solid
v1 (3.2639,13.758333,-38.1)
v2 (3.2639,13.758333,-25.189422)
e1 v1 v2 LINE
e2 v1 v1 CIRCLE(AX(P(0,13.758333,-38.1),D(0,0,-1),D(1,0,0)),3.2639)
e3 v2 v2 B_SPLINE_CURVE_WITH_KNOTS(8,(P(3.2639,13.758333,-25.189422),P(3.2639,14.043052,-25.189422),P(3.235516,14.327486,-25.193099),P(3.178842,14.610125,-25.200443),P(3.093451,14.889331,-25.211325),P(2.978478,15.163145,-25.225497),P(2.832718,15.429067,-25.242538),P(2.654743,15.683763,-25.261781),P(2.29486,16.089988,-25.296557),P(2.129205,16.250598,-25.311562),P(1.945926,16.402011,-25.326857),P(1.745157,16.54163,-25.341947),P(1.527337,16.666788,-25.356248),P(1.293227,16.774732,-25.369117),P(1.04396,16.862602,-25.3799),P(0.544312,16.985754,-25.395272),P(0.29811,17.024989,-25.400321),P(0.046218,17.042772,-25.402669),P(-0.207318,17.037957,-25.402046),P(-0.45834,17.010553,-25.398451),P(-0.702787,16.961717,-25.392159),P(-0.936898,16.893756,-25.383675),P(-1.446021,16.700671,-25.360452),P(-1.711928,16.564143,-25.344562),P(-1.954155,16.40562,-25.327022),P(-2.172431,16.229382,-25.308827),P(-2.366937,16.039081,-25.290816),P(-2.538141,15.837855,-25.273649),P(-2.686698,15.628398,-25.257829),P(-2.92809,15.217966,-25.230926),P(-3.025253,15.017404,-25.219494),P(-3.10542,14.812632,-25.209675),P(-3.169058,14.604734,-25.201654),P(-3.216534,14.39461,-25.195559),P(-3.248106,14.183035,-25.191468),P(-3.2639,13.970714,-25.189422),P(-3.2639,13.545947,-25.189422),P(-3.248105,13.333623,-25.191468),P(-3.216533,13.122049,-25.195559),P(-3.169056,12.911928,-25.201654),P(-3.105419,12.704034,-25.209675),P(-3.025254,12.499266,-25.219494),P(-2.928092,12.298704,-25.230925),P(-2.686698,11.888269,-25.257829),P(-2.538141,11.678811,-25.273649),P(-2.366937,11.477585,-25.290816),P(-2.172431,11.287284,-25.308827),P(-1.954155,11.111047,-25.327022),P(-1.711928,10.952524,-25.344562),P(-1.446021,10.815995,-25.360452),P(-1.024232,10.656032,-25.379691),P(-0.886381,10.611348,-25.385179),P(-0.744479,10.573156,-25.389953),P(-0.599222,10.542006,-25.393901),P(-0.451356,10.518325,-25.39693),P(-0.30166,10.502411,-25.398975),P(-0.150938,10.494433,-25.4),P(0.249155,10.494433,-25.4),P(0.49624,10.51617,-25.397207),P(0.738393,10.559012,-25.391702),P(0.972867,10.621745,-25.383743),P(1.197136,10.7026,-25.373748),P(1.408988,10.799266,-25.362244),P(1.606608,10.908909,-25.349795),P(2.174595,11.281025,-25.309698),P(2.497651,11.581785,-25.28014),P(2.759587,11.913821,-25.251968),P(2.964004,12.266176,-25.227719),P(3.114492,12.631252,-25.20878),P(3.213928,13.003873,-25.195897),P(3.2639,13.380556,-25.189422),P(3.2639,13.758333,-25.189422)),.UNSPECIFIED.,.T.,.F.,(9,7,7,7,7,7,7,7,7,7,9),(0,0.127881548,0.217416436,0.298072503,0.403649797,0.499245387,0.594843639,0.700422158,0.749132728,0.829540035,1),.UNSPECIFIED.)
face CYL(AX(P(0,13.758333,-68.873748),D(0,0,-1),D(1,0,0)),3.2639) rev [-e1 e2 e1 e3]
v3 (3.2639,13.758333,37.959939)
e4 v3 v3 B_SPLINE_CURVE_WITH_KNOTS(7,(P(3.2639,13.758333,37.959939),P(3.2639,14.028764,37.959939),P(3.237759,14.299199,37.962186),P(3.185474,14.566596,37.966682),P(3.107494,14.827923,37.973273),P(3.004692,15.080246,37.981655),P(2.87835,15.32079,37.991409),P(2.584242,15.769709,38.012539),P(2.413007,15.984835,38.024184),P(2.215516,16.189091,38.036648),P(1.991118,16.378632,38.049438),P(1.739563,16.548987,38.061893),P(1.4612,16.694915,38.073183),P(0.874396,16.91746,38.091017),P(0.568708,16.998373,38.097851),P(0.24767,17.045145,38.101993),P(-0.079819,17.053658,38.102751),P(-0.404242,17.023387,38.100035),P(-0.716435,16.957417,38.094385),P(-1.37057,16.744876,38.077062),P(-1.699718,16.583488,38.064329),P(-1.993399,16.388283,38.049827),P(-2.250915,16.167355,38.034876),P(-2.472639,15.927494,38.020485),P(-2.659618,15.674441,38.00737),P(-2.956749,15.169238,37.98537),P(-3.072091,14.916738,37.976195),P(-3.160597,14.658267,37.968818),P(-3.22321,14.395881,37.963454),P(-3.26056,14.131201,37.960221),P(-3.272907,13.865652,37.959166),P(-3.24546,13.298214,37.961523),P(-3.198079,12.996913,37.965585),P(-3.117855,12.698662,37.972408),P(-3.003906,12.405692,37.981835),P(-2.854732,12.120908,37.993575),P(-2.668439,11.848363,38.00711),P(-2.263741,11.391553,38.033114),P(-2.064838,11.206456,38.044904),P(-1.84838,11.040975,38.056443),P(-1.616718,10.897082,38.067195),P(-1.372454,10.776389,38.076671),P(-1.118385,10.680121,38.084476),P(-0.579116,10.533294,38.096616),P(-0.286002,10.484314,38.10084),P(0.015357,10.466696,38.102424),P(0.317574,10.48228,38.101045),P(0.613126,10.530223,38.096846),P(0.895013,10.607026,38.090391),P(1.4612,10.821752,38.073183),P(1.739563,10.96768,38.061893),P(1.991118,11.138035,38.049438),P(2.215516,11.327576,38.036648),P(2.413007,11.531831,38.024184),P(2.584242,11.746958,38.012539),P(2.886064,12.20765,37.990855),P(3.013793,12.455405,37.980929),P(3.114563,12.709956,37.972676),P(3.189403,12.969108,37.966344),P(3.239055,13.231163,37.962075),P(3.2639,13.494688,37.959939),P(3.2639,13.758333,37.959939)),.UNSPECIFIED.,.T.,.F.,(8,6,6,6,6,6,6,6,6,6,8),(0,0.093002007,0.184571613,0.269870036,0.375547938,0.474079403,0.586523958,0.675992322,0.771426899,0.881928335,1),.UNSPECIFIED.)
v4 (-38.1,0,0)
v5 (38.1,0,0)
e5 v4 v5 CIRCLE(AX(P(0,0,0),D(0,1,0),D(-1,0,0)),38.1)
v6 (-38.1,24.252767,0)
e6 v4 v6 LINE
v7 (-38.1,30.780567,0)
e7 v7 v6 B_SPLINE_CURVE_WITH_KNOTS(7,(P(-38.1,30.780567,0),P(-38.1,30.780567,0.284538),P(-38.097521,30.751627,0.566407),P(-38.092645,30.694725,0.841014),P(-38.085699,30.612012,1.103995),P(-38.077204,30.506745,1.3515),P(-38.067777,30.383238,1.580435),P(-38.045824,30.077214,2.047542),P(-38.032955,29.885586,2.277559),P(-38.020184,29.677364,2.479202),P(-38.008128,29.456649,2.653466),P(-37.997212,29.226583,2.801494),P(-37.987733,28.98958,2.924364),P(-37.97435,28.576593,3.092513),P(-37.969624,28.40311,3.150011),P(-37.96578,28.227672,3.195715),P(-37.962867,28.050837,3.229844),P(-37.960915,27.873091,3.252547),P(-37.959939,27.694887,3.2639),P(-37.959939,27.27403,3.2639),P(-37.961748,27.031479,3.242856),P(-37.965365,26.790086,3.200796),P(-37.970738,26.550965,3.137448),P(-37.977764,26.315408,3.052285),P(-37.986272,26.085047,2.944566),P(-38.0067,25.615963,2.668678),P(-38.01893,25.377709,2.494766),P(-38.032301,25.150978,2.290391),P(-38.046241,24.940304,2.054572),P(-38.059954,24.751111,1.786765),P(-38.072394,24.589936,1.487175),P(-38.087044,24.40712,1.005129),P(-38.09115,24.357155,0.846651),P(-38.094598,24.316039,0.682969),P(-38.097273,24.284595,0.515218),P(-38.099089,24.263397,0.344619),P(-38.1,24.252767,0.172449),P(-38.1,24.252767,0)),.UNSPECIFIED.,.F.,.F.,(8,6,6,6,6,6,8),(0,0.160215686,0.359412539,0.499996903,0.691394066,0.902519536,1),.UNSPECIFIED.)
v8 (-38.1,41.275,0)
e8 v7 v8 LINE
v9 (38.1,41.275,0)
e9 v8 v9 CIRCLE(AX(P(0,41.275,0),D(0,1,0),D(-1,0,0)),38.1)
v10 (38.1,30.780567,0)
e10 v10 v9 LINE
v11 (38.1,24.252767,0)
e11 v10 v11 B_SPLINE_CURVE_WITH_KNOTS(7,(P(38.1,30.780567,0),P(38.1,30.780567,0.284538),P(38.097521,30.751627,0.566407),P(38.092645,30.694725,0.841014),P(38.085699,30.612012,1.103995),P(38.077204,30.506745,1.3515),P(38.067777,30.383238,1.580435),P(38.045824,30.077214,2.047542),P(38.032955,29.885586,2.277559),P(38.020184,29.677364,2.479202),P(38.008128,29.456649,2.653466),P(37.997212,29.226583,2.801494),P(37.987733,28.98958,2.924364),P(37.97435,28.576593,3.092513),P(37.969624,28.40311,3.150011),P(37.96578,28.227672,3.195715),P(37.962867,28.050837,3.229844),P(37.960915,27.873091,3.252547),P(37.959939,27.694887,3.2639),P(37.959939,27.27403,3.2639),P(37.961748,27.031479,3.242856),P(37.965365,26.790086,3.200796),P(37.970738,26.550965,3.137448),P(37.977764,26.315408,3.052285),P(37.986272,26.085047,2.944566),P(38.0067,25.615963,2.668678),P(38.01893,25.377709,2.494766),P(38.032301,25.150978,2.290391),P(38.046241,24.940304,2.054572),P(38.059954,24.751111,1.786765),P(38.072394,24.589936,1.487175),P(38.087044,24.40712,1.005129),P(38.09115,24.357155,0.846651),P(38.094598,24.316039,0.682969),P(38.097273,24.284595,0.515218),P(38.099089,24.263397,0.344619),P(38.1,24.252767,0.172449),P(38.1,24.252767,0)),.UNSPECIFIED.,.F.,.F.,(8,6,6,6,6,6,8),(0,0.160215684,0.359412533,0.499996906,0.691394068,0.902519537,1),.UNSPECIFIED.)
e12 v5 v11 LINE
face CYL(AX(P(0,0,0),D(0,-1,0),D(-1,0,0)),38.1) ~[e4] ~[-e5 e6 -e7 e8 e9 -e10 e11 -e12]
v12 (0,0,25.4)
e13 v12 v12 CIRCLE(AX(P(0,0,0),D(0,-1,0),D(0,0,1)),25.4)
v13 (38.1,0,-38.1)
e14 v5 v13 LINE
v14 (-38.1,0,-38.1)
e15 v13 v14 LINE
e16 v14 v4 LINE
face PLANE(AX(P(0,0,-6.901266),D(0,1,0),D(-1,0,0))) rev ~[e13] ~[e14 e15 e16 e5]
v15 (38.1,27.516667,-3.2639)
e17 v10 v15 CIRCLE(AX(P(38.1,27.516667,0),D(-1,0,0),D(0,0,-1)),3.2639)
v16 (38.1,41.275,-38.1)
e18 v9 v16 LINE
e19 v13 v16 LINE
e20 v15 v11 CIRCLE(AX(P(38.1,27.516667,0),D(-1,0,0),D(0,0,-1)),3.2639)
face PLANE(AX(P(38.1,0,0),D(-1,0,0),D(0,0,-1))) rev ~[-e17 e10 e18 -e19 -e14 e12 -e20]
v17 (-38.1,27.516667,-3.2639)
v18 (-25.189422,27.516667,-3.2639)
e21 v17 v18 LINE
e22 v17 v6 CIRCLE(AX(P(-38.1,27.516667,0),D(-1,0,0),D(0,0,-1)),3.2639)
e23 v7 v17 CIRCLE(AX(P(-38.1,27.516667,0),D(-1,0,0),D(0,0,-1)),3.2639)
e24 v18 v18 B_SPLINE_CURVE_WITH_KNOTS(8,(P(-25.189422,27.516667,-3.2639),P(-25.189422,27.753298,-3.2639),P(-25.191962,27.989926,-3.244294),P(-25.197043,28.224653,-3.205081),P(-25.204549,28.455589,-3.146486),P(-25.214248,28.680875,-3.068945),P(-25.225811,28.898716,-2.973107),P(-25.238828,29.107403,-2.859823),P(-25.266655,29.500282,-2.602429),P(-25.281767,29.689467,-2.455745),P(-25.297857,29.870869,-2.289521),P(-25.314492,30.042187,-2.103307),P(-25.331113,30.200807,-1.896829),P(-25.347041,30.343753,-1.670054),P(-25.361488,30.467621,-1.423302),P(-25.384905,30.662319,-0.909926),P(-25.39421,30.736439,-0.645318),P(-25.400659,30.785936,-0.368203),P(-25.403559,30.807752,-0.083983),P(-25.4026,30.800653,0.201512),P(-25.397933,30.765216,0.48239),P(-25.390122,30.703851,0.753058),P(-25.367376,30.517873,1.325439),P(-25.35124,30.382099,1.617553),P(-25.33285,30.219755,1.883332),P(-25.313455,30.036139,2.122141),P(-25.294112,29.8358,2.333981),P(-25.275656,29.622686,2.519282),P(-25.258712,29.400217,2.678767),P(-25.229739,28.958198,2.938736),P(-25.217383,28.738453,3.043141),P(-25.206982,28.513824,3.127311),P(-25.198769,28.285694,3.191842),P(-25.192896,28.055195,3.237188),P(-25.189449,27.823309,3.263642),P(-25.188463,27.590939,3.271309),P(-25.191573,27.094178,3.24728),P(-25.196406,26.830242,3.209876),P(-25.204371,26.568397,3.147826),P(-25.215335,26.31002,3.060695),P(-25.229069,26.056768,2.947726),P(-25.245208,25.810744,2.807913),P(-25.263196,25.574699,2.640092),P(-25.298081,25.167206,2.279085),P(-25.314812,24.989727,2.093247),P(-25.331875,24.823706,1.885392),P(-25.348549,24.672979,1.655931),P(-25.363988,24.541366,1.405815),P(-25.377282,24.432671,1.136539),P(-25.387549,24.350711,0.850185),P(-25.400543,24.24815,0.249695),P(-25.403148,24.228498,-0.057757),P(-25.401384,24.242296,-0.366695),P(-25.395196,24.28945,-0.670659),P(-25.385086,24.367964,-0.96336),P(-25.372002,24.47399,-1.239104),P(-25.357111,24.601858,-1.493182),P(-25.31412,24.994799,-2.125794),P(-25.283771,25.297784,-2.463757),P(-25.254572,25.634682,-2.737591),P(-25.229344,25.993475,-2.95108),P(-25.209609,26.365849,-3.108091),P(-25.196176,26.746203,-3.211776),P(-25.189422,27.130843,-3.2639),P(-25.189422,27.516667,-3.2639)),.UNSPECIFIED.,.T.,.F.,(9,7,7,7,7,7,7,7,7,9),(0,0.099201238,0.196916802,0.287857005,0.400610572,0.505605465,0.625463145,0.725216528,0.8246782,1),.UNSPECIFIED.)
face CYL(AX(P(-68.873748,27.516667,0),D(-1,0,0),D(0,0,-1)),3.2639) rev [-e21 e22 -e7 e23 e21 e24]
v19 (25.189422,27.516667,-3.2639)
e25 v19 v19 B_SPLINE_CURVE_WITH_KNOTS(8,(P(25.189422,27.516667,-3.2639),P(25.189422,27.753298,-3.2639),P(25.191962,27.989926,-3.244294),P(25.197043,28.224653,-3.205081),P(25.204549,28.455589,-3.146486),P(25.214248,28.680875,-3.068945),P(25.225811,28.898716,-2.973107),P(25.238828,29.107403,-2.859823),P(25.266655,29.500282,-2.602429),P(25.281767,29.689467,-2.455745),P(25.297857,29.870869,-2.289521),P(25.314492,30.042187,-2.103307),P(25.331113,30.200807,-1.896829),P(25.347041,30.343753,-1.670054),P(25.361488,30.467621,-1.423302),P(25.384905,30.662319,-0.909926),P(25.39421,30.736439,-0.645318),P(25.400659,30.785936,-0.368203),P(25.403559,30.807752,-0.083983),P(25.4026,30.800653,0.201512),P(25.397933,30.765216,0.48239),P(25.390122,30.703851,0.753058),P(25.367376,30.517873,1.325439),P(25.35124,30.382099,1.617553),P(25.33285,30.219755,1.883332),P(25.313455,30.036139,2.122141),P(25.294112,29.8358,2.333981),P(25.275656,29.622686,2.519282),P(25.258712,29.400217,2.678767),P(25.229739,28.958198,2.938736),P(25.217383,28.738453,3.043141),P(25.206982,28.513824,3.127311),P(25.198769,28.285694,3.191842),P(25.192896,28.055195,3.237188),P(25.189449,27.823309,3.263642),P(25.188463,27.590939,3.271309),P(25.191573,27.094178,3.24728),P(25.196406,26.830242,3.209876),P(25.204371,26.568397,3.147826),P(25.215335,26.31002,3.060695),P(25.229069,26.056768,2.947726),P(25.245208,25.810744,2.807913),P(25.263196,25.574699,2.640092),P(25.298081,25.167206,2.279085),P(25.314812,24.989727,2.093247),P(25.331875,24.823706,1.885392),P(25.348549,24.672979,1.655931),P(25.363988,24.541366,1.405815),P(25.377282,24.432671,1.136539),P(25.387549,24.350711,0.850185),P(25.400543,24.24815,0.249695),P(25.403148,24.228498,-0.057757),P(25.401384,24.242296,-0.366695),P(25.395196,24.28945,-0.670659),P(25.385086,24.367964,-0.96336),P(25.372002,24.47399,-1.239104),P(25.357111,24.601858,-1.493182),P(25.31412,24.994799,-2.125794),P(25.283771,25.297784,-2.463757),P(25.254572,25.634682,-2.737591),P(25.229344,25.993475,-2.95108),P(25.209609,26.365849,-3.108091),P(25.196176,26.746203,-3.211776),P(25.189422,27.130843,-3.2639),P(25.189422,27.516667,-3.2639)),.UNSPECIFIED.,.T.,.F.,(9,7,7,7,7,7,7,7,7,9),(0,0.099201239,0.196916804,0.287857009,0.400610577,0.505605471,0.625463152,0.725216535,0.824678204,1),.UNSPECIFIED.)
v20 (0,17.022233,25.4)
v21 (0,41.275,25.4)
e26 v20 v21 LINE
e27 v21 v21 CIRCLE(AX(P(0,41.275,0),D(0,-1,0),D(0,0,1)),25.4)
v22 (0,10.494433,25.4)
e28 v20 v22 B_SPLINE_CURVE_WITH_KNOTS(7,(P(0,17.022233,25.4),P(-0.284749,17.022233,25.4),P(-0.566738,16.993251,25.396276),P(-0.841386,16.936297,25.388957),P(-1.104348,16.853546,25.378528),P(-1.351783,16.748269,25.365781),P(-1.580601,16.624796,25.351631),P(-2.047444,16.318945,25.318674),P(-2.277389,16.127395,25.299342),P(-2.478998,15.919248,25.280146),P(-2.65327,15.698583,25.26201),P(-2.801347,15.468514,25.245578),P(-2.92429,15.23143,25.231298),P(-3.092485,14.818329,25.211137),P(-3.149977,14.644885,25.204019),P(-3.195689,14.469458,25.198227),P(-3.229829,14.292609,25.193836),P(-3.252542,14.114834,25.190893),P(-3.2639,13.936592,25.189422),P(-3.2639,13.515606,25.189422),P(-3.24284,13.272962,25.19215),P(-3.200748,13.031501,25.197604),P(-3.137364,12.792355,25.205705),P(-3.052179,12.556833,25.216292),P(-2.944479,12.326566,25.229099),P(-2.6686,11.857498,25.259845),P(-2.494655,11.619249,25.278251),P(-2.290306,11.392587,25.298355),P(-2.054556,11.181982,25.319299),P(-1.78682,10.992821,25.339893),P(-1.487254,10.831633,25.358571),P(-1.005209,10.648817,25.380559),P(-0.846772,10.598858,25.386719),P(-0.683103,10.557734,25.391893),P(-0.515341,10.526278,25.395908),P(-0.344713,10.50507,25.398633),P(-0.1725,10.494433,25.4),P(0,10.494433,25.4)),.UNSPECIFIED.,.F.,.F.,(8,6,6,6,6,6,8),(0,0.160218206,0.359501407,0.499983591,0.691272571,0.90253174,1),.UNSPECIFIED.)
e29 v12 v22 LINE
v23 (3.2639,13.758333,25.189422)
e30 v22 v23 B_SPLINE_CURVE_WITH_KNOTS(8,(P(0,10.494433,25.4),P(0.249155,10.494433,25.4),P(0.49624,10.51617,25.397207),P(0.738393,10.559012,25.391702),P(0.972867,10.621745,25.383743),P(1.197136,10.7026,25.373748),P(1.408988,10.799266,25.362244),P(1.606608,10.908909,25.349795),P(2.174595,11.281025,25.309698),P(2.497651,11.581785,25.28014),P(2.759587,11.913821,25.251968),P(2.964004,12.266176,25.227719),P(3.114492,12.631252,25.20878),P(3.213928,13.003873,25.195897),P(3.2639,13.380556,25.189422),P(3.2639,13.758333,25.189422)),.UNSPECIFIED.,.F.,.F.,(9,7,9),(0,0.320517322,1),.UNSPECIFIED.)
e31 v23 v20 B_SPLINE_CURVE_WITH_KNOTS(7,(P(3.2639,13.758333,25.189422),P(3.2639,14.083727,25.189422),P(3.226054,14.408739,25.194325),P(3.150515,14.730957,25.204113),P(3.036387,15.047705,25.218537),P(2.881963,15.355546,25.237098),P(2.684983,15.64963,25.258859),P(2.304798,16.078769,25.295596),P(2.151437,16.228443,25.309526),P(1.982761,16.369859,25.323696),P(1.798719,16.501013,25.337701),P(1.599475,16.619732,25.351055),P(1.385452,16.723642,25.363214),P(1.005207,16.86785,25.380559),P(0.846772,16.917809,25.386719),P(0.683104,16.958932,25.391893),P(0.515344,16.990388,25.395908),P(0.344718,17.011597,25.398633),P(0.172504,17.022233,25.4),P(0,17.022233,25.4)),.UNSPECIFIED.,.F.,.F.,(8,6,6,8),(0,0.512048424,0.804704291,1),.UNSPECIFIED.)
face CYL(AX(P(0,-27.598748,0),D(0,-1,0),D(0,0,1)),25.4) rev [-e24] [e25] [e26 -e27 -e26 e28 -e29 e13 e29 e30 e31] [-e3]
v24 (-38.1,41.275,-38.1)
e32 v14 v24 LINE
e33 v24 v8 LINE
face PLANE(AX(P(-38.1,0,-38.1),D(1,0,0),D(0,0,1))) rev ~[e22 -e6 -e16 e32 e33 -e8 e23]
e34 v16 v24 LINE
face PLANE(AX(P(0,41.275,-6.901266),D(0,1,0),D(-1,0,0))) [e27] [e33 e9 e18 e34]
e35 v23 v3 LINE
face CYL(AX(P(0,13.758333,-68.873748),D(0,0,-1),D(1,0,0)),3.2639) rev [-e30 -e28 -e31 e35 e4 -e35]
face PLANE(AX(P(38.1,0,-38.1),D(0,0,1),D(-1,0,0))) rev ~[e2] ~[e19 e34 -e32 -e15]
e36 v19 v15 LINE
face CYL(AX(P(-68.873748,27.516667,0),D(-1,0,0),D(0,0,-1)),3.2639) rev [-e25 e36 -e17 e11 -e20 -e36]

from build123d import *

# Parameters (mm, degrees)
BOSS_EXTRUDE1_DEPTH     = 41.275
CUT_EXTRUDE1_DEPTH      = 68.873747686
CUT_EXTRUDE1_DEPTH_BACK = 68.873747686
SKETCH2_R               = 25.4
CUT_EXTRUDE2_DEPTH      = 68.873747686
CUT_EXTRUDE2_DEPTH_BACK = 68.873747686
SKETCH3_R               = 3.2639
CUT_EXTRUDE3_DEPTH      = 68.87374786
CUT_EXTRUDE3_DEPTH_BACK = 68.87374786
SKETCH4_R               = 3.2639


with BuildPart() as part:
    # Sketch1 → Boss-Extrude1 (new body)
    with BuildSketch(Plane(origin=(0, 0, 0), x_dir=(-1, 0, 0), z_dir=(0, 1, 0))):
        with BuildLine():
            Line((-38.1, 0), (-38.1, -38.1))
            Line((-38.1, -38.1), (38.1, -38.1))
            Line((38.1, -38.1), (38.1, 0))
            ThreePointArc((38.1, 0), (0, 38.1), (-38.1, 0))
        make_face()
    extrude(amount=BOSS_EXTRUDE1_DEPTH)

    # Sketch2 → Cut-Extrude1 (cut, two sides: drawn at the far end of the back side and taken through both)
    with BuildSketch(Plane(origin=(0, 41.275, 0), x_dir=(-1, 0, 0), z_dir=(0, 1, 0)).offset(-CUT_EXTRUDE1_DEPTH_BACK)):
        with Locations(Location((0, 0, 0), (0, 0, 90))):
            Circle(SKETCH2_R)
    extrude(amount=CUT_EXTRUDE1_DEPTH + CUT_EXTRUDE1_DEPTH_BACK, mode=Mode.SUBTRACT)

    # Sketch3 → Cut-Extrude2 (cut, two sides: drawn at the far end of the back side and taken through both)
    with BuildSketch(Plane(origin=(0, 0, 0), x_dir=(0, 1, 0), z_dir=(0, 0, 1)).offset(-CUT_EXTRUDE2_DEPTH_BACK)):
        with Locations(Location((13.758333333, 0, 0), (0, 0, 270))):
            Circle(SKETCH3_R)
    extrude(amount=CUT_EXTRUDE2_DEPTH + CUT_EXTRUDE2_DEPTH_BACK, mode=Mode.SUBTRACT)

    # Sketch4 → Cut-Extrude3 (cut, two sides: drawn at the far end of the back side and taken through both)
    with BuildSketch(Plane.YZ.offset(-CUT_EXTRUDE3_DEPTH_BACK)):
        with Locations(Location((27.516666667, 0, 0), (0, 0, 270))):
            Circle(SKETCH4_R)
    extrude(amount=CUT_EXTRUDE3_DEPTH + CUT_EXTRUDE3_DEPTH_BACK, mode=Mode.SUBTRACT)


solid = part.part
